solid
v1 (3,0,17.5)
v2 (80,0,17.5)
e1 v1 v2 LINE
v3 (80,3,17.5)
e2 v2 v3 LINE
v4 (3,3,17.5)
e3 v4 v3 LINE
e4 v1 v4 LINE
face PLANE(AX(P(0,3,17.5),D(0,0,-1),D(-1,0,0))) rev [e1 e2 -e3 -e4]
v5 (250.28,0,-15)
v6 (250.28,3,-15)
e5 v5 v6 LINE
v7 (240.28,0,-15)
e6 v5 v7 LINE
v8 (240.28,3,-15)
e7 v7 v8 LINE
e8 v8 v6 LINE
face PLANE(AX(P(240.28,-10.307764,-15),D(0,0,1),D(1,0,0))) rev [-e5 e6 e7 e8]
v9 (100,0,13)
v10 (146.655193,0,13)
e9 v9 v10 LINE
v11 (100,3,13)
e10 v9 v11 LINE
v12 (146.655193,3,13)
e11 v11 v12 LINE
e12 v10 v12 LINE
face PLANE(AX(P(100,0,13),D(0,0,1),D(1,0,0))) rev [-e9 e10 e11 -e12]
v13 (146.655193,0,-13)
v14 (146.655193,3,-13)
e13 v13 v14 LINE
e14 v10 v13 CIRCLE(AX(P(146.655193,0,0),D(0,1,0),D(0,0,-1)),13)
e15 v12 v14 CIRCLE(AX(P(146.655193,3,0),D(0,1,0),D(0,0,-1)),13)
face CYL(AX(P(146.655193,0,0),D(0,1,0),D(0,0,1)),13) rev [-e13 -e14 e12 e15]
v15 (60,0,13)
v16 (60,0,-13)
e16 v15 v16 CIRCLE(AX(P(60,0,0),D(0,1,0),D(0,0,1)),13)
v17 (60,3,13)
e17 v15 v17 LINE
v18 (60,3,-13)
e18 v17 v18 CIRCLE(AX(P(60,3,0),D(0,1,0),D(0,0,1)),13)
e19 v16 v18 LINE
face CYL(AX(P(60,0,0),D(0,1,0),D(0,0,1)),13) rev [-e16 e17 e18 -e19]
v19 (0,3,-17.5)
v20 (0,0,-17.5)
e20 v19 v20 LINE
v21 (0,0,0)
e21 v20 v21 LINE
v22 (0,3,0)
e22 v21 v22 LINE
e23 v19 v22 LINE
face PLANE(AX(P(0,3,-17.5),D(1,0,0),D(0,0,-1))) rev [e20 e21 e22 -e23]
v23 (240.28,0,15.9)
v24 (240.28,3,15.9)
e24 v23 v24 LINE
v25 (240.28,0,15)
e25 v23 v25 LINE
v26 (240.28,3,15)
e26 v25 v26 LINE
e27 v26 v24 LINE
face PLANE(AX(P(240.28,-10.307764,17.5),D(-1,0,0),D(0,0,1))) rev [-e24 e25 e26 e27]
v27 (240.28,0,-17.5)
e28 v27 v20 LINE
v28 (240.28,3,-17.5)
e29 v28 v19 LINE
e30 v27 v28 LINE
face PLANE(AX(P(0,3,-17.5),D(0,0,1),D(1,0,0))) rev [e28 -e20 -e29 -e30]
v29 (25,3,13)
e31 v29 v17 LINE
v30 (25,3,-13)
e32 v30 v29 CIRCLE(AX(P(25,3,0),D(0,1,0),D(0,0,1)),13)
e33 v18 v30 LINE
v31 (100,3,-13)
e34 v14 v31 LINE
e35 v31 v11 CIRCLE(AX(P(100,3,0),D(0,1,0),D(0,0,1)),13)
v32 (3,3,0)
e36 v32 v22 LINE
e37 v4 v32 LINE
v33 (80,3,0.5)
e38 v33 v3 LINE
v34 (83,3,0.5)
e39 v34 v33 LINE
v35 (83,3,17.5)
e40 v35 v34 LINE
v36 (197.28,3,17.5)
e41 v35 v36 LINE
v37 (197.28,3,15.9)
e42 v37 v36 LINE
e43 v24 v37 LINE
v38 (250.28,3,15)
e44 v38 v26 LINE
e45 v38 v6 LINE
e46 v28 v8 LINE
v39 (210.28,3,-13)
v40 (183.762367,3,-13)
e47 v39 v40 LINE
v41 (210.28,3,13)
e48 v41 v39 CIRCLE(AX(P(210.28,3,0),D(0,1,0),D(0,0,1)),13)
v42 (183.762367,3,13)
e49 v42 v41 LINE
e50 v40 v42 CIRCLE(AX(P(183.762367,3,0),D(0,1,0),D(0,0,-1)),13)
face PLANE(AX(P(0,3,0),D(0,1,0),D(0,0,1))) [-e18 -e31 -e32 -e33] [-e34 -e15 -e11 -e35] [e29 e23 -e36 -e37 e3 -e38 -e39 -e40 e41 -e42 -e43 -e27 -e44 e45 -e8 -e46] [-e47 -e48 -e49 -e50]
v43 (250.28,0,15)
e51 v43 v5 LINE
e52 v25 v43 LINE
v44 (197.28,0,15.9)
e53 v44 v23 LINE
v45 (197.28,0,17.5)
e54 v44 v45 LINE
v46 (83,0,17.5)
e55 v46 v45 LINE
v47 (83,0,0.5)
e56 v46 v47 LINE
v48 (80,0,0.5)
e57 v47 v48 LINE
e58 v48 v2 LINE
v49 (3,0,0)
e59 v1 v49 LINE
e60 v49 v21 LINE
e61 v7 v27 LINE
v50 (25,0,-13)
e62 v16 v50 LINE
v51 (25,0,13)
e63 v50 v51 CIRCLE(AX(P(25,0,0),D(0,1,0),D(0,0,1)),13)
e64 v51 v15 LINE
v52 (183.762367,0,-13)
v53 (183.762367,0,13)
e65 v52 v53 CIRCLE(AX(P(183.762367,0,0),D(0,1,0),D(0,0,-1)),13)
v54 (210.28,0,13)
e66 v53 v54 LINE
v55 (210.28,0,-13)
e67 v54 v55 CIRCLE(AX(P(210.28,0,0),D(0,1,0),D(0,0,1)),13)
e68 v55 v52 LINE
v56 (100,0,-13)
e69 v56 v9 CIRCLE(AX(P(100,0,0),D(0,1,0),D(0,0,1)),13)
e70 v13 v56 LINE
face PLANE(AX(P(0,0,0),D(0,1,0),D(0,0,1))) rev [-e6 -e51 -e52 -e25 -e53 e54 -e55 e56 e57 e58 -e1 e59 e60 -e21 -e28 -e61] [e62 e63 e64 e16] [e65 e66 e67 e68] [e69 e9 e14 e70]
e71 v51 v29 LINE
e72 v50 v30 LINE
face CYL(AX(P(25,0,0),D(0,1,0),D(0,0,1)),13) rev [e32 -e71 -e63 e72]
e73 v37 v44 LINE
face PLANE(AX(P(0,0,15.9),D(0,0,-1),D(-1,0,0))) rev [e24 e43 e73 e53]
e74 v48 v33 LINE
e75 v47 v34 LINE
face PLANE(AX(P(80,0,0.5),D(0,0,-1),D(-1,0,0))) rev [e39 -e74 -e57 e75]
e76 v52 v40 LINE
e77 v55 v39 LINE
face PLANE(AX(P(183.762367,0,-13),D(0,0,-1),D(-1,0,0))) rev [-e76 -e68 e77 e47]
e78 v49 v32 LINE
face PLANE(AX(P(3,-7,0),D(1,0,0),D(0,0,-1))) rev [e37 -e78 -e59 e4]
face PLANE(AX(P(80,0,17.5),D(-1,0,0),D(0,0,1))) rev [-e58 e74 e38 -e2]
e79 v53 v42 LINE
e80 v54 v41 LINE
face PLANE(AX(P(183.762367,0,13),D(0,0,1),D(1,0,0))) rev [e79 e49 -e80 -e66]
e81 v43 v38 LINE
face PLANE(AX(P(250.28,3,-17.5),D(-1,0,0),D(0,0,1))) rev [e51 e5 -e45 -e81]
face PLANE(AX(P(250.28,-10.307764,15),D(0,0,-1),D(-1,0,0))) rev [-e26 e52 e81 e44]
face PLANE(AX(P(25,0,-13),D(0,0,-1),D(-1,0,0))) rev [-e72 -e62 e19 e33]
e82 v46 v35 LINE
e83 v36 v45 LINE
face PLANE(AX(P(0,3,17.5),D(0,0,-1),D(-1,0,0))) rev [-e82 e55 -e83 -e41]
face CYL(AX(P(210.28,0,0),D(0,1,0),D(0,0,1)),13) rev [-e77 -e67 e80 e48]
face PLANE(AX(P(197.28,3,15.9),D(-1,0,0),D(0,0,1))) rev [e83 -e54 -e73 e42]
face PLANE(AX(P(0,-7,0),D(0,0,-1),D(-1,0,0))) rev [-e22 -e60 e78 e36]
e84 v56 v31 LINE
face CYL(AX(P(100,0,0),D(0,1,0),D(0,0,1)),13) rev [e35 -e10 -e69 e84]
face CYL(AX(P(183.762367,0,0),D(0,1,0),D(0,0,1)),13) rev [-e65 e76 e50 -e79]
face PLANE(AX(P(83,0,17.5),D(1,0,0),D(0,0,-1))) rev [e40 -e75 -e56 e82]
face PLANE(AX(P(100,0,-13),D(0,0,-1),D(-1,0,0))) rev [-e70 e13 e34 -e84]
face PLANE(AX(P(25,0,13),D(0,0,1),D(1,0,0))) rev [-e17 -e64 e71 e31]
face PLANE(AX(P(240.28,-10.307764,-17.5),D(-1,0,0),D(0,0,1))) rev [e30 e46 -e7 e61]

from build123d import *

# Parameters (mm, degrees)
SKETCH1_W               = 250.28
SKETCH1_H               = 35
BOSS_EXTRUDE1_DEPTH     = 3
SKETCH2_W               = 3
SKETCH2_H               = 17
CUT_EXTRUDE1_DEPTH      = 1
CUT_EXTRUDE1_DEPTH_BACK = 4
CUT_EXTRUDE3_DEPTH      = 4
SKETCH5_W               = 10
SKETCH5_H               = 2.5
CUT_EXTRUDE4_DEPTH      = 3
SKETCH6_W               = 3
SKETCH6_H               = 17.5
CUT_EXTRUDE5_DEPTH      = 10
SKETCH7_W               = 43
SKETCH7_H               = 3
CUT_EXTRUDE6_DEPTH      = 1.6


with BuildPart() as part:
    # Sketch1 → Boss-Extrude1 (new body)
    with BuildSketch(Plane(origin=(0, 0, 0), x_dir=(1, 0, 0), z_dir=(0, 1, 0))):
        with Locations((125.14, 0)):
            Rectangle(SKETCH1_W, SKETCH1_H)
    extrude(amount=BOSS_EXTRUDE1_DEPTH)

    # Sketch2 → Cut-Extrude1 (cut, two sides)
    with BuildSketch(Plane(origin=(0, 3, 0), x_dir=(1, 0, 0), z_dir=(0, 1, 0))) as cut_extrude1_sk:
        with Locations((81.5, -9)):
            Rectangle(SKETCH2_W, SKETCH2_H)
    extrude(amount=CUT_EXTRUDE1_DEPTH, mode=Mode.SUBTRACT)
    extrude(cut_extrude1_sk.sketch, amount=-CUT_EXTRUDE1_DEPTH_BACK, mode=Mode.SUBTRACT)

    # Sketch4 → Cut-Extrude3 (cut, through all)
    with BuildSketch(Plane(origin=(0, 3, 0), x_dir=(1, 0, 0), z_dir=(0, 1, 0))):
        with BuildLine():
            Line((183.762367309, 13), (210.28, 13))
            ThreePointArc((210.28, 13), (223.28, 0), (210.28, -13))
            Line((210.28, -13), (183.762367309, -13))
            ThreePointArc((183.762367309, -13), (170.762367309, 0), (183.762367309, 13))
        make_face()
        with BuildLine():
            Line((25, 13), (60, 13))
            ThreePointArc((60, 13), (73, 0), (60, -13))
            Line((60, -13), (25, -13))
            ThreePointArc((25, -13), (12, 0), (25, 13))
        make_face()
        with BuildLine():
            Line((100, 13), (146.655192757, 13))
            ThreePointArc((146.655192757, 13), (159.655192757, 0), (146.655192757, -13))
            Line((146.655192757, -13), (100, -13))
            ThreePointArc((100, -13), (87, 0), (100, 13))
        make_face()
    extrude(amount=-CUT_EXTRUDE3_DEPTH, mode=Mode.SUBTRACT)

    # Sketch5 → Cut-Extrude4 (cut)
    with BuildSketch(Plane(origin=(0, 3, 0), x_dir=(1, 0, 0), z_dir=(0, 1, 0))):
        with Locations((245.28, 16.25)):
            Rectangle(SKETCH5_W, SKETCH5_H)
        with Locations((245.28, -16.25)):
            Rectangle(SKETCH5_W, SKETCH5_H)
    extrude(amount=-CUT_EXTRUDE4_DEPTH, mode=Mode.SUBTRACT)

    # Sketch6 → Cut-Extrude5 (cut)
    with BuildSketch(Plane(origin=(0, 3, 0), x_dir=(1, 0, 0), z_dir=(0, 1, 0))):
        with Locations((1.5, -8.75)):
            Rectangle(SKETCH6_W, SKETCH6_H)
    extrude(amount=-CUT_EXTRUDE5_DEPTH, mode=Mode.SUBTRACT)

    # Sketch7 → Cut-Extrude6 (cut)
    with BuildSketch(Plane.XY.offset(17.5)):
        with Locations((218.78, 1.5)):
            Rectangle(SKETCH7_W, SKETCH7_H)
    extrude(amount=-CUT_EXTRUDE6_DEPTH, mode=Mode.SUBTRACT)


solid = part.part
